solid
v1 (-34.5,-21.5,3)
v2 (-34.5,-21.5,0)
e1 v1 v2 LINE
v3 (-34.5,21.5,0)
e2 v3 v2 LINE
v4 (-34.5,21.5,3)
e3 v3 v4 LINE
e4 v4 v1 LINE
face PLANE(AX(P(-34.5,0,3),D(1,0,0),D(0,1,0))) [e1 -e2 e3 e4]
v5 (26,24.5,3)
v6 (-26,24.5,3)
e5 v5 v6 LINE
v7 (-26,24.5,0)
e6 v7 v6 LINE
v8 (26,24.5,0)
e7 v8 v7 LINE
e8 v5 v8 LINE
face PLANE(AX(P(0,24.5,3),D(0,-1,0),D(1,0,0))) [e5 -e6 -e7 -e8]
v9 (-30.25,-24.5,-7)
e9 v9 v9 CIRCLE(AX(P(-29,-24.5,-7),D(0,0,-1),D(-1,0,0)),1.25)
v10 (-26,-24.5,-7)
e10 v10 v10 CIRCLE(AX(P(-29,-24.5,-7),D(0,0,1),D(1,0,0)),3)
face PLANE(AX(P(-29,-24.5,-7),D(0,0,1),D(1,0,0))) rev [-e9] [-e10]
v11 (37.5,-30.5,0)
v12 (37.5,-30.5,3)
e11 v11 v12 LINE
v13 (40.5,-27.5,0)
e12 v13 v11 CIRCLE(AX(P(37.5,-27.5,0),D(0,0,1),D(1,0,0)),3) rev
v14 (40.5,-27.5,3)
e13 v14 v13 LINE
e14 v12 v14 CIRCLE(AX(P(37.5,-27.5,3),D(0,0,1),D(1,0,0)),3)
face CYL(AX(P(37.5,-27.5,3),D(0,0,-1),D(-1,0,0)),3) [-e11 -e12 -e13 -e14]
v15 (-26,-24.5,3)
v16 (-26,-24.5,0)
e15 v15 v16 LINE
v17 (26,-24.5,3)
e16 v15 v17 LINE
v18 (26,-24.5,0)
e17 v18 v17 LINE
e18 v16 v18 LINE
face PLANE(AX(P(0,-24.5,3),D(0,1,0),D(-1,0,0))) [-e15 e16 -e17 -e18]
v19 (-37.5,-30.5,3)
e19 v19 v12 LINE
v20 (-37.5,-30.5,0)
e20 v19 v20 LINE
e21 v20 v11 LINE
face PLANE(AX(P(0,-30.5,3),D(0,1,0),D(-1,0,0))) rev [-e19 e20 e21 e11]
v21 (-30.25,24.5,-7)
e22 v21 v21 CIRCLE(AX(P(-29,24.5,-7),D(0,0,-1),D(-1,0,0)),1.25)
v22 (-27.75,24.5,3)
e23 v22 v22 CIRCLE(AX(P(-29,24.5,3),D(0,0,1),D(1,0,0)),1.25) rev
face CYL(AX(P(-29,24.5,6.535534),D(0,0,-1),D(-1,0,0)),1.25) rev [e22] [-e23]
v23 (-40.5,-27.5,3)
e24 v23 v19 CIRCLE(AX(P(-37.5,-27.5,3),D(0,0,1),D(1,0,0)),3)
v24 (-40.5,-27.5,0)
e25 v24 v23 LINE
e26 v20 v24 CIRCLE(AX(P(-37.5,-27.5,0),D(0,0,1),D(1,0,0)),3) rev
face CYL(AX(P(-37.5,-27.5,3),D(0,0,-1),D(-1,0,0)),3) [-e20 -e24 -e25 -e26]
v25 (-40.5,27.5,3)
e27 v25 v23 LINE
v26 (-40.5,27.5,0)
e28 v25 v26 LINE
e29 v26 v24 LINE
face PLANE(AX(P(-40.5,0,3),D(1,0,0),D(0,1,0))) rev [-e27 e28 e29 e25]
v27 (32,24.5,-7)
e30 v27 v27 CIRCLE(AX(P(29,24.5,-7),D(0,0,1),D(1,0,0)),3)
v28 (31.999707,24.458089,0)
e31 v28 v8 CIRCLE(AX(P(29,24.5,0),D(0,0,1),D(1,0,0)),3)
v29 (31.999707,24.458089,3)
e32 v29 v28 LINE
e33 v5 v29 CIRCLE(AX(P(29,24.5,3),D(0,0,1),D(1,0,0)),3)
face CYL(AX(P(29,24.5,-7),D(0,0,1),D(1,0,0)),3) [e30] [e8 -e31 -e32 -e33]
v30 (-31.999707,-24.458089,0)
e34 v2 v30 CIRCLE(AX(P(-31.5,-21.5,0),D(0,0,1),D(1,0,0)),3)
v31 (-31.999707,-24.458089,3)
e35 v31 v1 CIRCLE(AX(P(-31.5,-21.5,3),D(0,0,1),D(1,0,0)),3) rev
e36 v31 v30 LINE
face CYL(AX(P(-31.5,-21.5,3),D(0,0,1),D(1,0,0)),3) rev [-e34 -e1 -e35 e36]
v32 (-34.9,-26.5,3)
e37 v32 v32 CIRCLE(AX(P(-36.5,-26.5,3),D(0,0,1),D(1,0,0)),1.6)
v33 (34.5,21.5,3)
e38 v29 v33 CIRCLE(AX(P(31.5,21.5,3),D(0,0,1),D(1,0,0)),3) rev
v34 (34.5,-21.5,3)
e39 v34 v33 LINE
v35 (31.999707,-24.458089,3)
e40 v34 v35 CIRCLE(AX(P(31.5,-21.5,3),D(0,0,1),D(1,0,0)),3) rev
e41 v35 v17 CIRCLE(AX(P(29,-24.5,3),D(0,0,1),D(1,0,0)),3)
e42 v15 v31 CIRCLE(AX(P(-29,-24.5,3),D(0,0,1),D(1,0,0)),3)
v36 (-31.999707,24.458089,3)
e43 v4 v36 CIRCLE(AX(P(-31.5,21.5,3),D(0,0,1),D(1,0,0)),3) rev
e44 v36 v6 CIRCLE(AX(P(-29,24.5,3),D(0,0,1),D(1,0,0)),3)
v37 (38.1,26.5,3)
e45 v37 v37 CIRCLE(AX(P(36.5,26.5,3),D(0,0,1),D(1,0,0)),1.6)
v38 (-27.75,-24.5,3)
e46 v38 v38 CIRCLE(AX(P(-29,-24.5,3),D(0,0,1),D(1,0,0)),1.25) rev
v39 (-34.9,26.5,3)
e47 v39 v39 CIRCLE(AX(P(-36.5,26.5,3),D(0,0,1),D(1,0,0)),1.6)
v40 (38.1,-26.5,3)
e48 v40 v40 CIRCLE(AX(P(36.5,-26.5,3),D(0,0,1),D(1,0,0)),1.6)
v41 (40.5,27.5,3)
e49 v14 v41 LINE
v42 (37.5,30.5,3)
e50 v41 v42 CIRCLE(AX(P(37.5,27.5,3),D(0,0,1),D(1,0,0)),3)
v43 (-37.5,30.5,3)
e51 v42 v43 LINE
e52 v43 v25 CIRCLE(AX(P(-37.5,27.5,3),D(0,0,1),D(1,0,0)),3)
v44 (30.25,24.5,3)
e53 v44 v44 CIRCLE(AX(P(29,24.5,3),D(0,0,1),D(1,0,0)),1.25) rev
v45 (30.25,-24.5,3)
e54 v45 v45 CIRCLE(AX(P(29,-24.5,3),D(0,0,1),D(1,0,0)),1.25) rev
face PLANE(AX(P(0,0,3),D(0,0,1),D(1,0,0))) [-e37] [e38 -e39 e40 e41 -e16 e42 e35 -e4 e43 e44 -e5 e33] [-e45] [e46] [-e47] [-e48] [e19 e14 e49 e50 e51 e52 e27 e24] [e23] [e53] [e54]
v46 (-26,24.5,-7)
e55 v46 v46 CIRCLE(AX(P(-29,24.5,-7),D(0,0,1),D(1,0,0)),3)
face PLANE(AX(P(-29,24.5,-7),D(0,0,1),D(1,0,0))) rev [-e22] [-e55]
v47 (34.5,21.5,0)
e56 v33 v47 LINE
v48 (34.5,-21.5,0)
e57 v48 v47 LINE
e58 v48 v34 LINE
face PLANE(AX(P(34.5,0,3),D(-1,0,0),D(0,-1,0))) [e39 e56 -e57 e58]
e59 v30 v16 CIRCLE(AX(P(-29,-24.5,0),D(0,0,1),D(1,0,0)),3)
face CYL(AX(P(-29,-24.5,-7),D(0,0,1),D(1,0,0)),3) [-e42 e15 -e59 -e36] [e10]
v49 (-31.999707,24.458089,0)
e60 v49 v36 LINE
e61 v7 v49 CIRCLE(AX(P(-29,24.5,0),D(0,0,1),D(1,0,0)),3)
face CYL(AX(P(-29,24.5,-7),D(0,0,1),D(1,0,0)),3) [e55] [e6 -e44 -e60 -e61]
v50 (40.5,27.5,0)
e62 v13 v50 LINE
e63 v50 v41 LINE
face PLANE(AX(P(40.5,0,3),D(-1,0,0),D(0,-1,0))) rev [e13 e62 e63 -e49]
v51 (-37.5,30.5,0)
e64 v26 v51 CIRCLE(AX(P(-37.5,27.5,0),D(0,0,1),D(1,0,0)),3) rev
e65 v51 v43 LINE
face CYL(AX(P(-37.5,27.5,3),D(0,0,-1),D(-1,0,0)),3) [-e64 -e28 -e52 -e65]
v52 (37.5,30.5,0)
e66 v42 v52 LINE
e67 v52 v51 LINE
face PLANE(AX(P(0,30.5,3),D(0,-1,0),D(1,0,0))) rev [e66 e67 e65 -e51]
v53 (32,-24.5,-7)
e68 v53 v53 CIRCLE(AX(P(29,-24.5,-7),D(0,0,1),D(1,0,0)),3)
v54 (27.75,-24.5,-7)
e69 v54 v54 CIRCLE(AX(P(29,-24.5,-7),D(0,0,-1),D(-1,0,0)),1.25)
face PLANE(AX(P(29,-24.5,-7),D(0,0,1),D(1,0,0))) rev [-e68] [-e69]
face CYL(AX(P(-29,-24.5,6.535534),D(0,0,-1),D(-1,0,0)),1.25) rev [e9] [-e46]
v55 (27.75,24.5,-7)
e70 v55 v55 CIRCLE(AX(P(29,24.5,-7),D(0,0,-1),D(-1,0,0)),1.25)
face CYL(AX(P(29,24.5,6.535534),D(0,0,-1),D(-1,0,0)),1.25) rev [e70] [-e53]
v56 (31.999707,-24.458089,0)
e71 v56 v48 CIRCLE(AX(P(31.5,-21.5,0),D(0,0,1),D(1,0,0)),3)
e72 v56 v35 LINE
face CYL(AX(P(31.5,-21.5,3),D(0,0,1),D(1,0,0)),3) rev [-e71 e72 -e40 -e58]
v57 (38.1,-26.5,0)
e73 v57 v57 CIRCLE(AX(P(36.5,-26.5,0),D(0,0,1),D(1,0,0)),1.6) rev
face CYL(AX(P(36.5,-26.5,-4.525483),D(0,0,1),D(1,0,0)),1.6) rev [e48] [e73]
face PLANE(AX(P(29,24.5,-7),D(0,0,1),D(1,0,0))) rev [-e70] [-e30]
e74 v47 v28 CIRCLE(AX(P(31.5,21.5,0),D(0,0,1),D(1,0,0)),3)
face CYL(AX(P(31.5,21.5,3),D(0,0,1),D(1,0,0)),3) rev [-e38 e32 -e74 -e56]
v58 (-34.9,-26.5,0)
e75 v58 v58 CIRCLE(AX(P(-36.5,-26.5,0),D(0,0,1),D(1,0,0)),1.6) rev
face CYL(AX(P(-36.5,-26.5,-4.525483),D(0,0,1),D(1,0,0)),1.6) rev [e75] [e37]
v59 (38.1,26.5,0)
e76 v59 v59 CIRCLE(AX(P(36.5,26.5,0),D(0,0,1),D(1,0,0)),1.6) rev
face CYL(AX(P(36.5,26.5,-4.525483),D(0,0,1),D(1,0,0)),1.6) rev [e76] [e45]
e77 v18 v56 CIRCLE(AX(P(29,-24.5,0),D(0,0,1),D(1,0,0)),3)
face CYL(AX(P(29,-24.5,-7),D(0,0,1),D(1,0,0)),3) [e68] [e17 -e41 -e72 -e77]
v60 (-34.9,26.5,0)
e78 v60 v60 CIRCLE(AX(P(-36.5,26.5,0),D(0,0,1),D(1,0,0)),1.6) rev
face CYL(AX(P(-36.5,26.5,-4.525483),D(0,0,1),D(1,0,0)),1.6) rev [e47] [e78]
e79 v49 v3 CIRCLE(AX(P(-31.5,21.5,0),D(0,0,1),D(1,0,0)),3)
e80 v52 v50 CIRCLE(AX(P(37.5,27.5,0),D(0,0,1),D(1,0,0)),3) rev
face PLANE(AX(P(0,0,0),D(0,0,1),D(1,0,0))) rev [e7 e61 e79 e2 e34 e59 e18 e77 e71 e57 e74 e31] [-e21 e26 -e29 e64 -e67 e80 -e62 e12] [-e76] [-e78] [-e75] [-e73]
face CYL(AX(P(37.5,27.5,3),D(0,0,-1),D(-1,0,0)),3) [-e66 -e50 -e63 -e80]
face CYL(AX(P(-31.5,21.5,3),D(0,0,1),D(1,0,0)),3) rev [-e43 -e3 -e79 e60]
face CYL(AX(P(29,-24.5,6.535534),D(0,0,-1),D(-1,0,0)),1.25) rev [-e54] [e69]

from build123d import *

# Parameters (mm, degrees)
SKETCH1_W           = 81
SKETCH1_H           = 61
SKETCH1_W_2         = 69
SKETCH1_H_2         = 49
EXTRUDE_THIN1_DEPTH = 3
SKETCH2_R           = 1.6
CUT_EXTRUDE1_DEPTH  = 3
FILLET1_R           = 3
SKETCH4_R           = 3
BOSS_EXTRUDE1_DEPTH = 10
CUT_EXTRUDE2_REACH  = 12
SKETCH5_R           = 1.25


with BuildPart() as part:
    # Sketch1 → Extrude-Thin1 (new body)
    with BuildSketch(Plane.XY):
        Rectangle(SKETCH1_W, SKETCH1_H)
        Rectangle(SKETCH1_W_2, SKETCH1_H_2, mode=Mode.SUBTRACT)
    extrude(amount=EXTRUDE_THIN1_DEPTH)

    # Sketch2 → Cut-Extrude1 (cut)
    with BuildSketch(Plane.XY.offset(3)):
        with Locations((-36.5, 26.5)):
            Circle(SKETCH2_R)
        with Locations((36.5, 26.5)):
            Circle(SKETCH2_R)
        with Locations((36.5, -26.5)):
            Circle(SKETCH2_R)
        with Locations((-36.5, -26.5)):
            Circle(SKETCH2_R)
    extrude(amount=-CUT_EXTRUDE1_DEPTH, mode=Mode.SUBTRACT)

    # Fillet1
    fillet1_edges = [part.edges().sort_by_distance(p)[0] for p in [
        (-34.5, 24.5, 1.5),
        (-34.5, -24.5, 1.5),
        (34.5, -24.5, 1.5),
        (34.5, 24.5, 1.5),
        (-40.5, 30.5, 1.5),
        (40.5, 30.5, 1.5),
        (40.5, -30.5, 1.5),
        (-40.5, -30.5, 1.5),
    ]]
    fillet(fillet1_edges, radius=FILLET1_R)

    # Sketch4 → Boss-Extrude1 (add)
    with BuildSketch(Plane.XY.offset(3)):
        with Locations((-29, 24.5)):
            Circle(SKETCH4_R)
        with Locations((29, 24.5)):
            Circle(SKETCH4_R)
        with Locations((29, -24.5)):
            Circle(SKETCH4_R)
        with Locations((-29, -24.5)):
            Circle(SKETCH4_R)
    extrude(amount=-BOSS_EXTRUDE1_DEPTH)

    # Sketch5 → Cut-Extrude2 (cut, up to next)
    with BuildSketch(Plane(origin=(0, 0, -7), x_dir=(-1, 0, 0), z_dir=(0, 0, -1)), mode=Mode.PRIVATE) as cut_extrude2_sk1:
        with Locations((-29, 24.5)):
            Circle(SKETCH5_R)
    cut_extrude2_tool1 = extrude(cut_extrude2_sk1.sketch, amount=-CUT_EXTRUDE2_REACH, mode=Mode.PRIVATE) & part.part
    add(cut_extrude2_tool1.solids().sort_by_distance((29, 24.5, -7))[0], mode=Mode.SUBTRACT)
    # Sketch5 → Cut-Extrude2 (cut, up to next)
    with BuildSketch(Plane(origin=(0, 0, -7), x_dir=(-1, 0, 0), z_dir=(0, 0, -1)), mode=Mode.PRIVATE) as cut_extrude2_sk2:
        with Locations((29, 24.5)):
            Circle(SKETCH5_R)
    cut_extrude2_tool2 = extrude(cut_extrude2_sk2.sketch, amount=-CUT_EXTRUDE2_REACH, mode=Mode.PRIVATE) & part.part
    add(cut_extrude2_tool2.solids().sort_by_distance((-29, 24.5, -7))[0], mode=Mode.SUBTRACT)
    # Sketch5 → Cut-Extrude2 (cut, up to next)
    with BuildSketch(Plane(origin=(0, 0, -7), x_dir=(-1, 0, 0), z_dir=(0, 0, -1)), mode=Mode.PRIVATE) as cut_extrude2_sk3:
        with Locations((-29, -24.5)):
            Circle(SKETCH5_R)
    cut_extrude2_tool3 = extrude(cut_extrude2_sk3.sketch, amount=-CUT_EXTRUDE2_REACH, mode=Mode.PRIVATE) & part.part
    add(cut_extrude2_tool3.solids().sort_by_distance((29, -24.5, -7))[0], mode=Mode.SUBTRACT)
    # Sketch5 → Cut-Extrude2 (cut, up to next)
    with BuildSketch(Plane(origin=(0, 0, -7), x_dir=(-1, 0, 0), z_dir=(0, 0, -1)), mode=Mode.PRIVATE) as cut_extrude2_sk4:
        with Locations((29, -24.5)):
            Circle(SKETCH5_R)
    cut_extrude2_tool4 = extrude(cut_extrude2_sk4.sketch, amount=-CUT_EXTRUDE2_REACH, mode=Mode.PRIVATE) & part.part
    add(cut_extrude2_tool4.solids().sort_by_distance((-29, -24.5, -7))[0], mode=Mode.SUBTRACT)


solid = part.part
